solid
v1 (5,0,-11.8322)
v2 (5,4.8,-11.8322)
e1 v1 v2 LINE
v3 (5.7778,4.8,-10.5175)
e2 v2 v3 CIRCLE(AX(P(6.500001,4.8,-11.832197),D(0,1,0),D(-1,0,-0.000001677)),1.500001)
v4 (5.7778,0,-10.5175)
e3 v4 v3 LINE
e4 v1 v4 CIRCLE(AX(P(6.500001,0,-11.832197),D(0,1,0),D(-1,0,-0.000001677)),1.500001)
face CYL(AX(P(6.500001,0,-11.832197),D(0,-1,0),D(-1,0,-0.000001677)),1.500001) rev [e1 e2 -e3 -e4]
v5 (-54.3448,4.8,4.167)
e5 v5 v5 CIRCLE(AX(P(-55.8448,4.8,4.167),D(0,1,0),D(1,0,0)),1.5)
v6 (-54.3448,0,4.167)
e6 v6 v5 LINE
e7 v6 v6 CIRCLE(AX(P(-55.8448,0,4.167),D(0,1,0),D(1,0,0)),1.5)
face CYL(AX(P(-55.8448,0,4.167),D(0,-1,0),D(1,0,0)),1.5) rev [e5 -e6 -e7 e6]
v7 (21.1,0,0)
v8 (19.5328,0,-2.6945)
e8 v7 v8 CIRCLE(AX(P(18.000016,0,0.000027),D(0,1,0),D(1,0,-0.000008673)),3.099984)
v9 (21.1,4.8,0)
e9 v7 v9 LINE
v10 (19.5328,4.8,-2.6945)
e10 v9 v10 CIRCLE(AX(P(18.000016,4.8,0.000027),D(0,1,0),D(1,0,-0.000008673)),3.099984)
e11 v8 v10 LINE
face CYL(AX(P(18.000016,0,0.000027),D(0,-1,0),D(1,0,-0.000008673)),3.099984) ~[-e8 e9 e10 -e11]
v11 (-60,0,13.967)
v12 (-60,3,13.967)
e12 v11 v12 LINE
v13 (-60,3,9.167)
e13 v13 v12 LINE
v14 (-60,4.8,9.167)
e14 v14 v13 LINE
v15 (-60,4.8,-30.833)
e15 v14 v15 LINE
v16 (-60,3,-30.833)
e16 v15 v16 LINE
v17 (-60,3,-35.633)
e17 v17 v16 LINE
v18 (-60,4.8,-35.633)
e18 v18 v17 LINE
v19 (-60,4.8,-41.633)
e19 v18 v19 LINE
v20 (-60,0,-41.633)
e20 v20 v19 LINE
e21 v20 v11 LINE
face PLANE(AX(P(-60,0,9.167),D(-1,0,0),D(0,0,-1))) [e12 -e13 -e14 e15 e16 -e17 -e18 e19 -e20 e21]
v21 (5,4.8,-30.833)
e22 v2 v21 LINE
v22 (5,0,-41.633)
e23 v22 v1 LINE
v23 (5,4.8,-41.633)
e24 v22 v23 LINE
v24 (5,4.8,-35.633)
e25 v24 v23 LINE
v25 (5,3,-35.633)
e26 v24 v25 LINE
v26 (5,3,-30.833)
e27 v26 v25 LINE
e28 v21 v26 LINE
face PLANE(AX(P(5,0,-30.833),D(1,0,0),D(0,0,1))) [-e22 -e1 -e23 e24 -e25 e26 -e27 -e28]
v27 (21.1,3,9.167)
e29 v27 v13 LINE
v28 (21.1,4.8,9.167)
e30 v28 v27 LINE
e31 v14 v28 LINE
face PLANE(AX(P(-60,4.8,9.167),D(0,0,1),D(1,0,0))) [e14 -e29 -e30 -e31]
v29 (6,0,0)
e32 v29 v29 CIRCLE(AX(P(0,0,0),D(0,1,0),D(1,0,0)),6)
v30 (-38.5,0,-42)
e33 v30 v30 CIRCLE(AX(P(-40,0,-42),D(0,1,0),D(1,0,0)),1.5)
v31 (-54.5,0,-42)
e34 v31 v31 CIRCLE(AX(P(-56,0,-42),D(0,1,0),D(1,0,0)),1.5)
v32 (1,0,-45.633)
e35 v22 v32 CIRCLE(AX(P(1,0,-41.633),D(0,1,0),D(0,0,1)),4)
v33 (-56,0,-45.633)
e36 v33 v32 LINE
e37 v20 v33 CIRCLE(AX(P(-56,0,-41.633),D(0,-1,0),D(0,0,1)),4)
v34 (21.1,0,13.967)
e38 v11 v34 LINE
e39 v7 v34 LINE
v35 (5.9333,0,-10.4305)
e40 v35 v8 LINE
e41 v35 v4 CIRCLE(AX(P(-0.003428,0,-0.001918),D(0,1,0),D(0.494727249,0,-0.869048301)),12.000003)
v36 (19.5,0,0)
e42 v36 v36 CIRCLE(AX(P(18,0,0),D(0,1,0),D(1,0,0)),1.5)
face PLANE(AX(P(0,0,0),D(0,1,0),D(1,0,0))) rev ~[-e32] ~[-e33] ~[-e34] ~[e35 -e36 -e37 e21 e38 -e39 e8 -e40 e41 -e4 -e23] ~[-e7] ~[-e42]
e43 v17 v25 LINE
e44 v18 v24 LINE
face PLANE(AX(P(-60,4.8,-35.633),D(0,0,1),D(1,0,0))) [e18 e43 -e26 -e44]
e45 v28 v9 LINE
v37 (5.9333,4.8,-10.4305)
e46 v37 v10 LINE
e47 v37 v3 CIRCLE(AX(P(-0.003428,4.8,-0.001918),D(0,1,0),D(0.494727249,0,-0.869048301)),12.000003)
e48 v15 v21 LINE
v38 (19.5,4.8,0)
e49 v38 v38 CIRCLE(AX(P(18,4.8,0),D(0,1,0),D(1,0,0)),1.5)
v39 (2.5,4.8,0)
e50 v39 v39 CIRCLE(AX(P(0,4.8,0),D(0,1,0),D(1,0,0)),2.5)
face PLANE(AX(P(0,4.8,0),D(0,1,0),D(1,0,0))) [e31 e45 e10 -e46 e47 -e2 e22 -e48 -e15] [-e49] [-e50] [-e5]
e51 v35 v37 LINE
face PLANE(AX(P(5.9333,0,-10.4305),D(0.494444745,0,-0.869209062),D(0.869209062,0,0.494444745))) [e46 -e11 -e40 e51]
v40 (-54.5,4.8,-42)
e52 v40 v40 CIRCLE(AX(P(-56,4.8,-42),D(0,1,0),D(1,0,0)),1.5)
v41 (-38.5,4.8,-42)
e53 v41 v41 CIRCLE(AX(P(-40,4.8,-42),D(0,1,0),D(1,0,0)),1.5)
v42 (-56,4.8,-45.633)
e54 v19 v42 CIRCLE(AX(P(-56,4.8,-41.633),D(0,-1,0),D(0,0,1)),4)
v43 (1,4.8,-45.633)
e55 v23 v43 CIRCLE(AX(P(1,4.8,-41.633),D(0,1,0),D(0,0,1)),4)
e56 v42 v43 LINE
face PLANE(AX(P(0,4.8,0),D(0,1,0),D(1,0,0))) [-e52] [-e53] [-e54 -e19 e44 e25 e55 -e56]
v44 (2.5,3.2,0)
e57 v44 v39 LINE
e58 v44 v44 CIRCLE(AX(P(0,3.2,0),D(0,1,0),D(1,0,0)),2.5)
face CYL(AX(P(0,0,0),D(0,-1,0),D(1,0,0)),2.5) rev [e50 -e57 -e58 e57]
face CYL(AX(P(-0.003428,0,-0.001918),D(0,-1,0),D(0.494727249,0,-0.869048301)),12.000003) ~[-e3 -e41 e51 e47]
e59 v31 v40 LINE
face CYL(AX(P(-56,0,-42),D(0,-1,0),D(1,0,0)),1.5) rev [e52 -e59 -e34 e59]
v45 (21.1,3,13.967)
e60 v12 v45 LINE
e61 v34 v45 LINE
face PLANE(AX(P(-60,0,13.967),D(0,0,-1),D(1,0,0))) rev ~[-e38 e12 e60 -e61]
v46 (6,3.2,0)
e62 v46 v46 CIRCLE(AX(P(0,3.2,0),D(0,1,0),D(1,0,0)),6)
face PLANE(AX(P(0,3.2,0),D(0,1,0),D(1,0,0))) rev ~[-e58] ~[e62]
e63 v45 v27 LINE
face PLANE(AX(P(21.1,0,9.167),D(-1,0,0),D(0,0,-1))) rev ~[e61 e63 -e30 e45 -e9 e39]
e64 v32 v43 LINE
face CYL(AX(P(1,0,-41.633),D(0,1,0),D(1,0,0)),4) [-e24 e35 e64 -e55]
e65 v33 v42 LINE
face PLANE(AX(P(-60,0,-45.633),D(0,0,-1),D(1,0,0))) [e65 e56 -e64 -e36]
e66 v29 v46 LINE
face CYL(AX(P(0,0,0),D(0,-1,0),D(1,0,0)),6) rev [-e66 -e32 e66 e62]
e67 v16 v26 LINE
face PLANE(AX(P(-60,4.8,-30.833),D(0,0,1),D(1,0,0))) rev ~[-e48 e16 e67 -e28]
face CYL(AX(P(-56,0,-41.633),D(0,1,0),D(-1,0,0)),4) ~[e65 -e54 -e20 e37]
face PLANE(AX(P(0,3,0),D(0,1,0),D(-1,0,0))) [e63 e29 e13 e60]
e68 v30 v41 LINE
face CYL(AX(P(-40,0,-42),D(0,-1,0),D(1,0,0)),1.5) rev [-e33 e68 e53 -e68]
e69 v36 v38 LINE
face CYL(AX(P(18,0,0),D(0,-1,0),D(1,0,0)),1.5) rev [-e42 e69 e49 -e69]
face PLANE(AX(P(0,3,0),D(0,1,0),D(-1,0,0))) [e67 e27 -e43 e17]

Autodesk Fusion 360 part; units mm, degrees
sketch "Sketch1" plane through (0, 0, 0) normal (0, 1, 0) x (1, 0, 0)
  circle A0 centre (0, 0) radius 48 construction
  circle A1 centre (0, 0) radius 14 construction
  circle A2 centre (0, 0) radius 9.5 construction
  circle A3 centre (0, 0) radius 8 construction
  line L0 (0, 0) -> (8, 0) construction
  line L1 (0, 0) -> (0, -9.5) construction
  line L2 (0, 0) -> (-8, 0) construction
  line L3 (0, 0) -> (0, 9.5) construction
  circle A4 centre (8, 0) radius 1.5 construction
  circle A5 centre (-8, 0) radius 1.5 construction
  circle A6 centre (0, 9.5) radius 1.5 construction
  circle A7 centre (0, 0) radius 12 construction
  line L4 (8, 0) -> (18, 0) construction
  line L5 (21.1, 0) -> (19.55, 2.6847) construction
  line L6 (19.55, 2.6847) -> (16.45, 2.6847) construction
  line L7 (16.45, 2.6847) -> (14.9, 0) construction
  line L8 (14.9, 0) -> (16.45, -2.6847) construction
  line L9 (16.45, -2.6847) -> (19.55, -2.6847) construction
  line L10 (19.55, -2.6847) -> (21.1, 0) construction
  circle A8 centre (18, 0) radius 3.1 construction
  circle A9 centre (18, 0) radius 1.5
  line L11 (0, 52) -> (-68, 52) construction
  line L12 (-9.7468, 47) -> (-68, 47) construction
  line L13 (-68, 52) -> (-68, 47) construction
  line L14 (-68, 47) -> (-68, 35.633) construction
  line L15 (-68, 35.633) -> (-32.1604, 35.633) construction
  line L16 (-68, 35.633) -> (-68, 30.833) construction
  line L17 (-68, 30.833) -> (-36.7876, 30.833) construction
  line L18 (-68, 30.833) -> (-68, -9.167) construction
  line L19 (-60, -9.167) -> (-47.1165, -9.167)
  line L20 (-68, -9.167) -> (-68, -13.967) construction
  line L21 (-68, -13.967) -> (-45.923, -13.967) construction
  line L22 (-60, -13.967) -> (-60, 35.633)
  line L23 (5.9333, 10.4305) -> (19.5328, 2.6945)
  line L24 (-60, -13.967) -> (21.1, -13.967)
  line L25 (21.1, -13.967) -> (21.1, 0)
  arc A10 (21.1, 0) -> (19.5328, 2.6945) centre (18, 0) ccw
  line L26 (-60, 35.633) -> (5, 35.633)
  line L27 (5, 35.633) -> (5, 11.8322)
  arc A11 (5.9333, 10.4305) -> (5.7778, 10.5175) centre (0, 0) ccw
  arc A12 (5, 11.8322) -> (5.7778, 10.5175) centre (6.5, 11.8322) ccw
  arc A13 (5.7778, 10.5175) -> (7.9656, 11.513) centre (6.5, 11.8322) ccw construction
  arc A14 (5.4445, 12.898) -> (5, 11.8322) centre (6.5, 11.8322) ccw construction
  arc A15 (7.9656, 11.513) -> (5.4445, 12.898) centre (6.5, 11.8322) ccw construction
  line L28 (5, 11.8322) -> (5, 10.9087) construction
  arc A16 (5.7778, 10.5175) -> (5, 10.9087) centre (0, 0) ccw construction
  line L29 (-60, 30.833) -> (5, 30.833)
  line L30 (-47.1165, -9.167) -> (21.1, -9.167)
  line L31 (-60, 35.633) -> (-60, 45.633)
  line L32 (-60, 45.633) -> (5, 45.633)
  line L33 (5, 45.633) -> (5, 35.633)
  circle A17 centre (-56, 42) radius 1.5
  circle A18 centre (-40, 42) radius 1.5
  line L34 (-40, 42) -> (0, 0) construction
  circle A19 centre (-55.8448, -4.167) radius 1.5
  line L35 (0, 0) -> (-55.8448, -4.167) construction
  line L36 (-68, -9.167) -> (-60, -9.167) construction
  circle A20 centre (0, 0) radius 2.5
  circle A21 centre (0, 0) radius 6
  point P0 (18, 0)
  point P1 (-33.1034, 34.7586)
  point P2 (-47.8669, -3.5717)
  dimension "d1" = 96
  dimension "d2" = 28
  dimension "d3" = 19
  dimension "d4" = 16
  dimension "d5" = 3
  dimension "d6" = 3
  dimension "d7" = 3
  dimension "d8" = 24
  dimension "d9" = 18
  dimension "d10" = 3.1
  dimension "d11" = 60
  dimension "d12" = 3
  dimension "d13" = 52
  dimension "d14" = 68
  dimension "d15" = 68
  dimension "d18" = 5
  dimension "d22" = 16.367
  dimension "d23" = 4.8
  dimension "d24" = 40
  dimension "d25" = 4.8
  dimension "d26" = 8
  dimension "d27" = 3.1
  dimension "d28" = 5
  dimension "d33" = 12
  dimension "d34" = 3
  dimension "d35" = 10
  dimension "d36" = 3
  dimension "d37" = 12
  dimension "d38" = 5
  dimension "d39" = 3
  dimension "d40" = 5
  dimension "d41" = 10
  dimension "d42" = 3
  dimension "d43" = 5
  dimension "d44" = 8
  dimension "d51" = 5
  dimension "d52" = 12
extrude "Extrude1" add sketch "Sketch1" along normal blind 4.8 contours L19 L22 L23 L25 A10 L27 A11 A12 L29 L30 | L19 L22 L24 L25 L30 | L22 L26 L27 L29 | L26 L31 L32 L33 | A21
fillet "Fillet1" radius 4 2 edges at (5, 2.4, -45.633) (-60, 2.4, -45.633)
extrude "Extrude3" cut sketch "Sketch1" along normal blind 3.2 contours A21
sketch "Sketch2" plane through (0, 4.8, 0) normal (0, 1, 0) x (-1, 0, 0)
  arc A0 (56, -45.633) -> (60, -41.633) centre (56, -41.633) ccw
  line L0 (60, -41.633) -> (60, 13.967)
  line L1 (60, 13.967) -> (-21.1, 13.967)
  line L2 (-21.1, 13.967) -> (-21.1, 0)
  arc A1 (-21.1, 0) -> (-19.5328, -2.6945) centre (-18, 0) ccw
  line L3 (-19.5328, -2.6945) -> (-5.9333, -10.4305)
  arc A2 (-5.9333, -10.4305) -> (-5.7778, -10.5175) centre (0, 0) ccw
  arc A3 (-5, -11.8322) -> (-5.7778, -10.5175) centre (-6.5, -11.8322) ccw
  line L4 (-5, -11.8322) -> (-5, -41.633)
  arc A4 (-5, -41.633) -> (-1, -45.633) centre (-1, -41.633) ccw
  line L5 (-1, -45.633) -> (56, -45.633)
  circle A5 centre (0, 0) radius 2.5
  circle A6 centre (55.8448, 4.167) radius 1.5
  circle A7 centre (40, -42) radius 1.5
  circle A8 centre (56, -42) radius 1.5
  circle A9 centre (-18, 0) radius 1.5
  line L6 (47.1165, 9.167) -> (-21.1, 9.167)
  line L7 (60, 9.167) -> (47.1165, 9.167)
  line L8 (60, -30.833) -> (-5, -30.833)
  line L9 (60, -35.633) -> (-5, -35.633)
  line L10 (-21.1, 13.967) -> (60, 13.967)
  line L11 (60, 13.967) -> (60, 9.167)
  line L12 (60, 9.167) -> (-21.1, 9.167)
  line L13 (-21.1, 9.167) -> (-21.1, 13.967)
  line L14 (-5, -30.833) -> (60, -30.833)
  line L15 (60, -30.833) -> (60, -35.633)
  line L16 (60, -35.633) -> (-5, -35.633)
  line L17 (-5, -35.633) -> (-5, -30.833)
extrude "Extrude4" cut sketch "Sketch2" against normal blind 1.8 contours L0 L4 L8 L9 L14 L15 L16 L17 | L0 L1 L2 L6 L7 L10 L11 L12 L13
